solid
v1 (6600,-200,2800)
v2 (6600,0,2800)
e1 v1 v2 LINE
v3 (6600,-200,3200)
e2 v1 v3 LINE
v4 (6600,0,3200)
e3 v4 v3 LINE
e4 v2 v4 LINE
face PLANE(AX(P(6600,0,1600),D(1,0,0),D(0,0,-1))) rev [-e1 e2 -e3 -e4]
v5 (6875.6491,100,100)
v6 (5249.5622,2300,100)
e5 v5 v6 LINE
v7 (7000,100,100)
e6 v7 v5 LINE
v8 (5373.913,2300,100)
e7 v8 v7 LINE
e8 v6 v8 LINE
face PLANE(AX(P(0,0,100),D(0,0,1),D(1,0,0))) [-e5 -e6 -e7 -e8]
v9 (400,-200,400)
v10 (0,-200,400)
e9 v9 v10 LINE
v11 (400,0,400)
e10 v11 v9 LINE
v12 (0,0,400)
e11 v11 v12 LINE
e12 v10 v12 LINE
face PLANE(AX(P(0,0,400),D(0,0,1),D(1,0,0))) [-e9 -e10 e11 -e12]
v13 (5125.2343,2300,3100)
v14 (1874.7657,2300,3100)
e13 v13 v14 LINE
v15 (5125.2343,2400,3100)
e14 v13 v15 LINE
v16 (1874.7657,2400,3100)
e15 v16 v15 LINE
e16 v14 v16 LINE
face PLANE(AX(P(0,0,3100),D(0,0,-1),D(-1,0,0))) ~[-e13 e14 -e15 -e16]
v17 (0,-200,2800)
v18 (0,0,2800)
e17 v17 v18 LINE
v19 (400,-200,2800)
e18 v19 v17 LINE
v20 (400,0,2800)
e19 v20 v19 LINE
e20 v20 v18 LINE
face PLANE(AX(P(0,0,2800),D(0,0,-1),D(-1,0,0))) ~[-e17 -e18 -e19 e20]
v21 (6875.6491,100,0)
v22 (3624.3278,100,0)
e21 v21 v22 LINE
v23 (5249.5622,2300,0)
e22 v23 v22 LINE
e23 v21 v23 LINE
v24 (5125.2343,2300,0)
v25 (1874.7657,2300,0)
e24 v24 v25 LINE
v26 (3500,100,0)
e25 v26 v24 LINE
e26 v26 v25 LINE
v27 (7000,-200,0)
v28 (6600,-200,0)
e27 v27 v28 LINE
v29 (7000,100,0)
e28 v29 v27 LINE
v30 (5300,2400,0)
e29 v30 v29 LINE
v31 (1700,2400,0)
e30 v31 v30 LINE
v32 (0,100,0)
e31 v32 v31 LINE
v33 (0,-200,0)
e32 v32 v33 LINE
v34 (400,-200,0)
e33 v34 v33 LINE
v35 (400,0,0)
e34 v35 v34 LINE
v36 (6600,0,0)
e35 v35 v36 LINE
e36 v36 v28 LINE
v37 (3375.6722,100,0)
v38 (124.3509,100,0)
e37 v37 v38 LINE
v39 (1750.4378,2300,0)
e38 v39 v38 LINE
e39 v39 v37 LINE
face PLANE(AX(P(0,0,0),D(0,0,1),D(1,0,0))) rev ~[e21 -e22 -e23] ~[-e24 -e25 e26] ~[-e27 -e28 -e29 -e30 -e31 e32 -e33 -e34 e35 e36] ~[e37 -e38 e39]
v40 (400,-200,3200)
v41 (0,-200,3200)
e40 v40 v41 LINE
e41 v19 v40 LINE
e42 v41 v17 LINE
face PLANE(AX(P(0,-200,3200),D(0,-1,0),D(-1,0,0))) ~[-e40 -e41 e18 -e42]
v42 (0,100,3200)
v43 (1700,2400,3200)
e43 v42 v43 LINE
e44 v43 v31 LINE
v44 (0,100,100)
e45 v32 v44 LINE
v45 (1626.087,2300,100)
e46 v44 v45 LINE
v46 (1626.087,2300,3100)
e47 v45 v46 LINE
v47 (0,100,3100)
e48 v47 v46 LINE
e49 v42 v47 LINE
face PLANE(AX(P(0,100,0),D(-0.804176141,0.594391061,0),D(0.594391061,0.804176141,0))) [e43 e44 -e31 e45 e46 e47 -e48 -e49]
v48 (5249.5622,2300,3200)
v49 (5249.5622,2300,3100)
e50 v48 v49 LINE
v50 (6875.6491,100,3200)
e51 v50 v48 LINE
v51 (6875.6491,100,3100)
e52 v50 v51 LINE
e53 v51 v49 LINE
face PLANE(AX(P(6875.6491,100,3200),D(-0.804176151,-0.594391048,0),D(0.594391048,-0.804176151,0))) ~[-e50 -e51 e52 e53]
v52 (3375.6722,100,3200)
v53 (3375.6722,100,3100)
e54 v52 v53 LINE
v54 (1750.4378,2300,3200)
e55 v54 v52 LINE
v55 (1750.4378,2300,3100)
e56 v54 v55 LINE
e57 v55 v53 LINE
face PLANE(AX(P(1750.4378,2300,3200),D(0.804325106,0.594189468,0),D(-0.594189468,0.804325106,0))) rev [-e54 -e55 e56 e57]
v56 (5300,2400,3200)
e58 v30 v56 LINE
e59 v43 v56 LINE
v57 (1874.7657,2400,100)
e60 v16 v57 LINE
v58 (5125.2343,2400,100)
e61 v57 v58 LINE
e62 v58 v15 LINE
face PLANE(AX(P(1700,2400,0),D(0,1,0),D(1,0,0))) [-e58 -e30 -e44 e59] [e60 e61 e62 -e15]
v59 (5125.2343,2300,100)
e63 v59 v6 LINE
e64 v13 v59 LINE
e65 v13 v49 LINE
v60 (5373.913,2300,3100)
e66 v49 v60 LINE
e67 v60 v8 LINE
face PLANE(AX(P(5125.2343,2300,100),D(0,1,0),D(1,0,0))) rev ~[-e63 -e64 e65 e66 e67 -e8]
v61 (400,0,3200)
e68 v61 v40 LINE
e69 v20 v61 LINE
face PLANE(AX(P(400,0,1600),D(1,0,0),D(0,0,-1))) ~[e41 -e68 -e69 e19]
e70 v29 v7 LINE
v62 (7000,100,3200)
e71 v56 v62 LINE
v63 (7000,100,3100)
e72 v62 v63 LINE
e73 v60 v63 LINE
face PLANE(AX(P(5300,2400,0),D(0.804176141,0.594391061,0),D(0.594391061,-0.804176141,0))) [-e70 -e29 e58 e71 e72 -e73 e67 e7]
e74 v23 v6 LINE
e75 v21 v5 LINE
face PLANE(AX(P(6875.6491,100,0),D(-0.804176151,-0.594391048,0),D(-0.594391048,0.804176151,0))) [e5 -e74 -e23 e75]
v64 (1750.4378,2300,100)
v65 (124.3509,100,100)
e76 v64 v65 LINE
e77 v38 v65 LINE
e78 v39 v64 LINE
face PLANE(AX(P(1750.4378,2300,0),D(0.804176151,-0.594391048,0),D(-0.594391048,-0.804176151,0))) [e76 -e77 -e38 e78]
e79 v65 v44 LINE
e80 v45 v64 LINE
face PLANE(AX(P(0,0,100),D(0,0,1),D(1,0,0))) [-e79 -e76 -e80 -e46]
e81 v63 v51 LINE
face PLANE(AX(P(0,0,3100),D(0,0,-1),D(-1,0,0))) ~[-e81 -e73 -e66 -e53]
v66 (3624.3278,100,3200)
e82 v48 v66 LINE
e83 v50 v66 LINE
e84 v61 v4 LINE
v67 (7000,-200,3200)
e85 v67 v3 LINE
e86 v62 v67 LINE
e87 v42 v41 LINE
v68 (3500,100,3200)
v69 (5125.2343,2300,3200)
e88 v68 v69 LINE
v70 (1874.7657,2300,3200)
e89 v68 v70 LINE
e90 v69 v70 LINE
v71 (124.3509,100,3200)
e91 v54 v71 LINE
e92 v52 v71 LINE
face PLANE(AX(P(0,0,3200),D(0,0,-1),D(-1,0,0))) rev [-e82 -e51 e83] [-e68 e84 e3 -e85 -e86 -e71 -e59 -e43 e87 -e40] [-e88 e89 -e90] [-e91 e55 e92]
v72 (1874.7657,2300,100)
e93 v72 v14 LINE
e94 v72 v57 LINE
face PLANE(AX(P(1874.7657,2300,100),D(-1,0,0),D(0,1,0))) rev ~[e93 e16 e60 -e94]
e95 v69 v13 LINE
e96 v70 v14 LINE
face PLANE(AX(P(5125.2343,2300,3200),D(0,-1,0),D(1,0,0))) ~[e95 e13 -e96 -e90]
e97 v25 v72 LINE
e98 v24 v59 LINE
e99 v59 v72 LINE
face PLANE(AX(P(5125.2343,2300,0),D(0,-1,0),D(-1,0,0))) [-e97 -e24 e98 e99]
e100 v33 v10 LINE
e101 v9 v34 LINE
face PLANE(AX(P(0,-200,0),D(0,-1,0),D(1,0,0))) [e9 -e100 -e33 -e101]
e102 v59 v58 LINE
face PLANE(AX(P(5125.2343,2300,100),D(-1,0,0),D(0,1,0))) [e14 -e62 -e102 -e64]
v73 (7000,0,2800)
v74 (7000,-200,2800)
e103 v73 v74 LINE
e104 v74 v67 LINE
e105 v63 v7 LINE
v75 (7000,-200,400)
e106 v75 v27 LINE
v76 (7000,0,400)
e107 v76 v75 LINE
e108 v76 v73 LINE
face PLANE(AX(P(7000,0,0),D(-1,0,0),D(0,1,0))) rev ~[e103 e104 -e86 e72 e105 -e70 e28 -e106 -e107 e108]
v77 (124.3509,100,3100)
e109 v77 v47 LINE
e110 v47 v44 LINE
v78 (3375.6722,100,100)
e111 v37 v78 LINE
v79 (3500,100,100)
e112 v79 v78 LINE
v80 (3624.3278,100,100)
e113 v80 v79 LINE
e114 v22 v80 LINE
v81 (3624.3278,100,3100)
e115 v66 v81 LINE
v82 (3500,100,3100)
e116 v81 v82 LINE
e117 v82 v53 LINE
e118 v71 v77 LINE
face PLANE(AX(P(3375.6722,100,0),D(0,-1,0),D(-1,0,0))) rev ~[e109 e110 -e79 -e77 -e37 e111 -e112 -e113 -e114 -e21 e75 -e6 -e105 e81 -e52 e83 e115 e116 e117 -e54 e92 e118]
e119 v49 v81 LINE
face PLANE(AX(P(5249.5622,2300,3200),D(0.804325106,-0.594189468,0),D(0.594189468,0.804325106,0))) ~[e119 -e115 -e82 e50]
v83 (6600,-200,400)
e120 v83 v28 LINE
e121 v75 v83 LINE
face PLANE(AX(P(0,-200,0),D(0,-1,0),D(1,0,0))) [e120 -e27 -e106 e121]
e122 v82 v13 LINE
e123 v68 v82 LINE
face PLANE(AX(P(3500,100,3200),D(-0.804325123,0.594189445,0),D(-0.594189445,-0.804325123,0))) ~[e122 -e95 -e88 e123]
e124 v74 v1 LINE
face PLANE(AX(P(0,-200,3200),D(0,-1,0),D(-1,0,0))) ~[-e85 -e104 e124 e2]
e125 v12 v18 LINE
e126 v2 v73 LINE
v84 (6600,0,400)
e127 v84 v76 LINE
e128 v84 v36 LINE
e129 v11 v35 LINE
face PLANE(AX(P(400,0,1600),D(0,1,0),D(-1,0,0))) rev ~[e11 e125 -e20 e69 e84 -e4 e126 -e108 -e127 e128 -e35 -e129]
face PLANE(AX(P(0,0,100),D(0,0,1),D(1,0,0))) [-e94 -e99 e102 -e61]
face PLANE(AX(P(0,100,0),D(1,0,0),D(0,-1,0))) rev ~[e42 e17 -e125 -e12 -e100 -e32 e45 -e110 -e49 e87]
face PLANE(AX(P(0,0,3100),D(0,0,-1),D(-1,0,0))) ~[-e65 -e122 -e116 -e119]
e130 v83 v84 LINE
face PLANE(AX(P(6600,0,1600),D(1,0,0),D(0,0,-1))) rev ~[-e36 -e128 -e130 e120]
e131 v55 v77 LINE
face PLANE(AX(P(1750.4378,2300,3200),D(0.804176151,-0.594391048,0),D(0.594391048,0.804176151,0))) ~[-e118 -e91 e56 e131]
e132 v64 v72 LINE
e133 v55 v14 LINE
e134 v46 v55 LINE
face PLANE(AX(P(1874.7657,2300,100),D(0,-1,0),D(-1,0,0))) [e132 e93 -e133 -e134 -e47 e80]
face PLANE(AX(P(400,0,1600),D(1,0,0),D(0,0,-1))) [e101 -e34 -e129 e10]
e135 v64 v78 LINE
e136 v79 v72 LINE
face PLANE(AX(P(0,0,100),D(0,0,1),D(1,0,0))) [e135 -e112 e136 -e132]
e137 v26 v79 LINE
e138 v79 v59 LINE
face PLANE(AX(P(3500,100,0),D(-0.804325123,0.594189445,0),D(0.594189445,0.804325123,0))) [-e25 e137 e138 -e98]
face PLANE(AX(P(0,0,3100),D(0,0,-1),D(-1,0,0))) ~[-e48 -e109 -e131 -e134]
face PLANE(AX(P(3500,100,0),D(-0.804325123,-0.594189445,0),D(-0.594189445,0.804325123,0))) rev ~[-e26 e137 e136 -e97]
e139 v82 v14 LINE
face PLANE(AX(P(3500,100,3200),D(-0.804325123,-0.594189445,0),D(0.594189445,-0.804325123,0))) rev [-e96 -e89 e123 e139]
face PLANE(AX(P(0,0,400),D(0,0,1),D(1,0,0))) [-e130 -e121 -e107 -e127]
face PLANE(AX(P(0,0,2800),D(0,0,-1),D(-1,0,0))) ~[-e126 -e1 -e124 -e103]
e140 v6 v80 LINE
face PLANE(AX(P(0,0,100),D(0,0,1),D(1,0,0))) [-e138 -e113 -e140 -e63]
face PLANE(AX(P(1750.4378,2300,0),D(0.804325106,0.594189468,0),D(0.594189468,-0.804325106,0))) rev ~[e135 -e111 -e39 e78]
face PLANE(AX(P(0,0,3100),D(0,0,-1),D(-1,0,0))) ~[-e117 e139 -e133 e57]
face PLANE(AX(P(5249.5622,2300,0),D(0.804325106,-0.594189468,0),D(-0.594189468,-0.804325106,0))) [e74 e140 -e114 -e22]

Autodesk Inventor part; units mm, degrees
ref_plane "YZ Plane" through (0, 0, 0) normal (1, 0, 0) x (0, 1, 0)
ref_plane "XZ Plane" through (0, 0, 0) normal (0, 1, 0) x (-1, 0, 0)
ref_plane "XY Plane" through (0, 0, 0) normal (0, 0, 1) x (1, 0, 0)
sketch "Sketch1" plane through (0, 0, 0) normal (0, 0, 1) x (1, 0, 0)
  line L0 (0, 0) -> (7000, 0)
  line L1 (7000, 0) -> (7000, 100)
  line L2 (0, 100) -> (0, 0)
  line L3 (1700, 2400) -> (5300, 2400)
  line L4 (0, 100) -> (1700, 2400)
  line L5 (1750.4378, 2300) -> (124.3509, 100)
  line L6 (5300, 2400) -> (7000, 100)
  line L7 (6875.6491, 100) -> (5249.5622, 2300)
  line L8 (3500, 100) -> (1874.7657, 2300)
  line L9 (3500, 100) -> (5125.2343, 2300)
  line L10 (1750.4378, 2300) -> (3375.6722, 100)
  line L11 (5125.2343, 2300) -> (1874.7657, 2300)
  line L12 (5249.5622, 2300) -> (3624.3278, 100)
  line L13 (6875.6491, 100) -> (3624.3278, 100)
  line L14 (3375.6722, 100) -> (124.3509, 100)
  dimension "d15" = 100
  dimension "d16" = 100
  dimension "d17" = 100
  dimension "d18" = 100
  dimension "d19" = 100
  dimension "d20" = 100
  dimension "d21" = 100
  dimension "d23" = 1700
  dimension "d25" = 3500
  dimension "d27" = 100
  dimension "d28" = 100
  dimension "d39" = 3500
  dimension "d40" = 2200
  dimension "d42" = 100
  dimension "d50" = 1700
  dimension "d51" = 2300
  dimension "d52" = 2300
  dimension "d53" = 100
extrude "Extrusion1" add sketch "Sketch1" along normal blind 100
sketch "Sketch2" plane through (0, 0, 100) normal (0, 0, 1) x (1, 0, 0)
  line L0 (3624.3278, 100) -> (6875.6491, 100) projected
  line L1 (6875.6491, 100) -> (5249.5622, 2300) projected
  line L2 (5249.5622, 2300) -> (3624.3278, 100) projected
  line L3 (3375.6722, 100) -> (1750.4378, 2300) projected
  line L4 (1750.4378, 2300) -> (124.3509, 100) projected
  line L5 (124.3509, 100) -> (3375.6722, 100) projected
  line L6 (1874.7657, 2300) -> (3500, 100) projected
  line L7 (3500, 100) -> (5125.2343, 2300) projected
  line L8 (5125.2343, 2300) -> (1874.7657, 2300) projected
  line L9 (0, 0) -> (0, 100) projected
  line L10 (0, 100) -> (1700, 2400) projected
  line L11 (1700, 2400) -> (5300, 2400) projected
  line L12 (5300, 2400) -> (7000, 100) projected
  line L13 (7000, 100) -> (7000, 0) projected
  line L14 (7000, 0) -> (0, 0) projected
  line L15 (0, 100) -> (7000, 100)
  line L16 (7000, 100) -> (7000, 0)
  line L17 (7000, 0) -> (0, 0)
  line L18 (0, 0) -> (0, 100)
  line L19 (1874.7657, 2300) -> (3500, 100) projected
  line L20 (1874.7657, 2300) -> (1626.087, 2300)
  line L21 (1874.7657, 2300) -> (1874.7657, 2400)
  line L22 (5300, 2400) -> (1700, 2400) projected
  line L23 (1874.7657, 2400) -> (1700, 2400)
  line L24 (1700, 2400) -> (1626.087, 2300)
  line L25 (5125.2343, 2300) -> (3500, 100) projected
  line L26 (5125.2343, 2300) -> (5373.913, 2300)
  line L27 (5373.913, 2300) -> (5300, 2400)
  line L28 (5125.2343, 2300) -> (5125.2343, 2400)
  line L29 (5125.2343, 2400) -> (5300, 2400)
  line L30 (1700, 2400) -> (0, 100) projected
  line L31 (7000, 100) -> (5300, 2400) projected
extrude "Extrusion6" add sketch "Sketch2" along normal blind 1500 contours L0 L15 L13 L14 L9 L5 | L26 L28 L11 L12 | L20 L10 L11 L21
sketch "Sketch5" plane through (0, 0, 0) normal (0, -1, 0) x (1, 0, 0)
  line L0 (0, 1600) -> (7000, 1600)
  line L1 (7000, 1600) -> (7000, 0) projected
  line L2 (7000, 0) -> (0, 0) projected
  line L3 (0, 0) -> (0, 1600) projected
  line L4 (7000, 1600) -> (0, 1600)
  line L5 (0, 1600) -> (400, 1600)
  line L6 (400, 1600) -> (400, 0)
  line L7 (400, 0) -> (0, 0)
  line L8 (0, 0) -> (0, 1600)
  line L9 (0, 0) -> (7000, 0) projected
  line L10 (7000, 1600) -> (6600, 1600)
  line L11 (6600, 1600) -> (6600, 0)
  line L12 (6600, 0) -> (7000, 0)
  line L13 (7000, 0) -> (7000, 1600)
  dimension "d58" = 400
  dimension "d59" = 400
extrude "Extrusion7" add sketch "Sketch5" along normal blind 200 contours L0 L6 L2 L3 | L0 L1 L2 L11
sketch "Sketch6" plane through (0, 0, 1600) normal (0, 0, 1) x (1, 0, 0)
  line L0 (1874.7657, 2400) -> (1874.7657, 2300) projected
  line L1 (1874.7657, 2300) -> (1626.087, 2300) projected
  line L2 (1626.087, 2300) -> (1700, 2400) projected
  line L3 (1700, 2400) -> (1874.7657, 2400) projected
  line L4 (5373.913, 2300) -> (5125.2343, 2300) projected
  line L5 (5125.2343, 2300) -> (5125.2343, 2400) projected
  line L6 (5125.2343, 2400) -> (5300, 2400) projected
  line L7 (5300, 2400) -> (5373.913, 2300) projected
  line L8 (0, 100) -> (7000, 100) projected
  line L9 (7000, 100) -> (7000, -200) projected
  line L10 (7000, -200) -> (6600, -200) projected
  line L11 (6600, -200) -> (6600, 0) projected
  line L12 (6600, 0) -> (400, 0) projected
  line L13 (400, 0) -> (400, -200) projected
  line L14 (400, -200) -> (0, -200) projected
  line L15 (0, -200) -> (0, 100) projected
  line L16 (400, 0) -> (400, -200) projected
  line L17 (400, -200) -> (0, -200) projected
  line L18 (400, 0) -> (0, 0)
  line L19 (0, 0) -> (0, -200)
  line L20 (0, -200) -> (400, -200)
  line L21 (400, -200) -> (400, 0)
  line L22 (400, 0) -> (6600, 0) projected
  line L23 (6600, -200) -> (7000, -200) projected
  line L24 (6600, 0) -> (7000, 0)
  line L25 (7000, 0) -> (7000, -200)
  line L26 (7000, -200) -> (6600, -200)
  line L27 (6600, -200) -> (6600, 0)
  point P0 (0, 0)
extrude "Extrusion8" cut sketch "Sketch6" against normal blind 1200 contours L18 L13 L14 L15 | L9 L10 L11 L24
mirror "Mirror4" about plane through (5237.1831, 2344.295, 1600) normal (0, 0, 1)
ref_plane "Work Plane3" through (400, 0, 1600) normal (0, 0, 1) x (1, 0, 0)
ref_plane "Work Plane4" through (3500, 100, 0) normal (-1, 0, 0) x (0, 0, 1)
properties part number "bridge"
